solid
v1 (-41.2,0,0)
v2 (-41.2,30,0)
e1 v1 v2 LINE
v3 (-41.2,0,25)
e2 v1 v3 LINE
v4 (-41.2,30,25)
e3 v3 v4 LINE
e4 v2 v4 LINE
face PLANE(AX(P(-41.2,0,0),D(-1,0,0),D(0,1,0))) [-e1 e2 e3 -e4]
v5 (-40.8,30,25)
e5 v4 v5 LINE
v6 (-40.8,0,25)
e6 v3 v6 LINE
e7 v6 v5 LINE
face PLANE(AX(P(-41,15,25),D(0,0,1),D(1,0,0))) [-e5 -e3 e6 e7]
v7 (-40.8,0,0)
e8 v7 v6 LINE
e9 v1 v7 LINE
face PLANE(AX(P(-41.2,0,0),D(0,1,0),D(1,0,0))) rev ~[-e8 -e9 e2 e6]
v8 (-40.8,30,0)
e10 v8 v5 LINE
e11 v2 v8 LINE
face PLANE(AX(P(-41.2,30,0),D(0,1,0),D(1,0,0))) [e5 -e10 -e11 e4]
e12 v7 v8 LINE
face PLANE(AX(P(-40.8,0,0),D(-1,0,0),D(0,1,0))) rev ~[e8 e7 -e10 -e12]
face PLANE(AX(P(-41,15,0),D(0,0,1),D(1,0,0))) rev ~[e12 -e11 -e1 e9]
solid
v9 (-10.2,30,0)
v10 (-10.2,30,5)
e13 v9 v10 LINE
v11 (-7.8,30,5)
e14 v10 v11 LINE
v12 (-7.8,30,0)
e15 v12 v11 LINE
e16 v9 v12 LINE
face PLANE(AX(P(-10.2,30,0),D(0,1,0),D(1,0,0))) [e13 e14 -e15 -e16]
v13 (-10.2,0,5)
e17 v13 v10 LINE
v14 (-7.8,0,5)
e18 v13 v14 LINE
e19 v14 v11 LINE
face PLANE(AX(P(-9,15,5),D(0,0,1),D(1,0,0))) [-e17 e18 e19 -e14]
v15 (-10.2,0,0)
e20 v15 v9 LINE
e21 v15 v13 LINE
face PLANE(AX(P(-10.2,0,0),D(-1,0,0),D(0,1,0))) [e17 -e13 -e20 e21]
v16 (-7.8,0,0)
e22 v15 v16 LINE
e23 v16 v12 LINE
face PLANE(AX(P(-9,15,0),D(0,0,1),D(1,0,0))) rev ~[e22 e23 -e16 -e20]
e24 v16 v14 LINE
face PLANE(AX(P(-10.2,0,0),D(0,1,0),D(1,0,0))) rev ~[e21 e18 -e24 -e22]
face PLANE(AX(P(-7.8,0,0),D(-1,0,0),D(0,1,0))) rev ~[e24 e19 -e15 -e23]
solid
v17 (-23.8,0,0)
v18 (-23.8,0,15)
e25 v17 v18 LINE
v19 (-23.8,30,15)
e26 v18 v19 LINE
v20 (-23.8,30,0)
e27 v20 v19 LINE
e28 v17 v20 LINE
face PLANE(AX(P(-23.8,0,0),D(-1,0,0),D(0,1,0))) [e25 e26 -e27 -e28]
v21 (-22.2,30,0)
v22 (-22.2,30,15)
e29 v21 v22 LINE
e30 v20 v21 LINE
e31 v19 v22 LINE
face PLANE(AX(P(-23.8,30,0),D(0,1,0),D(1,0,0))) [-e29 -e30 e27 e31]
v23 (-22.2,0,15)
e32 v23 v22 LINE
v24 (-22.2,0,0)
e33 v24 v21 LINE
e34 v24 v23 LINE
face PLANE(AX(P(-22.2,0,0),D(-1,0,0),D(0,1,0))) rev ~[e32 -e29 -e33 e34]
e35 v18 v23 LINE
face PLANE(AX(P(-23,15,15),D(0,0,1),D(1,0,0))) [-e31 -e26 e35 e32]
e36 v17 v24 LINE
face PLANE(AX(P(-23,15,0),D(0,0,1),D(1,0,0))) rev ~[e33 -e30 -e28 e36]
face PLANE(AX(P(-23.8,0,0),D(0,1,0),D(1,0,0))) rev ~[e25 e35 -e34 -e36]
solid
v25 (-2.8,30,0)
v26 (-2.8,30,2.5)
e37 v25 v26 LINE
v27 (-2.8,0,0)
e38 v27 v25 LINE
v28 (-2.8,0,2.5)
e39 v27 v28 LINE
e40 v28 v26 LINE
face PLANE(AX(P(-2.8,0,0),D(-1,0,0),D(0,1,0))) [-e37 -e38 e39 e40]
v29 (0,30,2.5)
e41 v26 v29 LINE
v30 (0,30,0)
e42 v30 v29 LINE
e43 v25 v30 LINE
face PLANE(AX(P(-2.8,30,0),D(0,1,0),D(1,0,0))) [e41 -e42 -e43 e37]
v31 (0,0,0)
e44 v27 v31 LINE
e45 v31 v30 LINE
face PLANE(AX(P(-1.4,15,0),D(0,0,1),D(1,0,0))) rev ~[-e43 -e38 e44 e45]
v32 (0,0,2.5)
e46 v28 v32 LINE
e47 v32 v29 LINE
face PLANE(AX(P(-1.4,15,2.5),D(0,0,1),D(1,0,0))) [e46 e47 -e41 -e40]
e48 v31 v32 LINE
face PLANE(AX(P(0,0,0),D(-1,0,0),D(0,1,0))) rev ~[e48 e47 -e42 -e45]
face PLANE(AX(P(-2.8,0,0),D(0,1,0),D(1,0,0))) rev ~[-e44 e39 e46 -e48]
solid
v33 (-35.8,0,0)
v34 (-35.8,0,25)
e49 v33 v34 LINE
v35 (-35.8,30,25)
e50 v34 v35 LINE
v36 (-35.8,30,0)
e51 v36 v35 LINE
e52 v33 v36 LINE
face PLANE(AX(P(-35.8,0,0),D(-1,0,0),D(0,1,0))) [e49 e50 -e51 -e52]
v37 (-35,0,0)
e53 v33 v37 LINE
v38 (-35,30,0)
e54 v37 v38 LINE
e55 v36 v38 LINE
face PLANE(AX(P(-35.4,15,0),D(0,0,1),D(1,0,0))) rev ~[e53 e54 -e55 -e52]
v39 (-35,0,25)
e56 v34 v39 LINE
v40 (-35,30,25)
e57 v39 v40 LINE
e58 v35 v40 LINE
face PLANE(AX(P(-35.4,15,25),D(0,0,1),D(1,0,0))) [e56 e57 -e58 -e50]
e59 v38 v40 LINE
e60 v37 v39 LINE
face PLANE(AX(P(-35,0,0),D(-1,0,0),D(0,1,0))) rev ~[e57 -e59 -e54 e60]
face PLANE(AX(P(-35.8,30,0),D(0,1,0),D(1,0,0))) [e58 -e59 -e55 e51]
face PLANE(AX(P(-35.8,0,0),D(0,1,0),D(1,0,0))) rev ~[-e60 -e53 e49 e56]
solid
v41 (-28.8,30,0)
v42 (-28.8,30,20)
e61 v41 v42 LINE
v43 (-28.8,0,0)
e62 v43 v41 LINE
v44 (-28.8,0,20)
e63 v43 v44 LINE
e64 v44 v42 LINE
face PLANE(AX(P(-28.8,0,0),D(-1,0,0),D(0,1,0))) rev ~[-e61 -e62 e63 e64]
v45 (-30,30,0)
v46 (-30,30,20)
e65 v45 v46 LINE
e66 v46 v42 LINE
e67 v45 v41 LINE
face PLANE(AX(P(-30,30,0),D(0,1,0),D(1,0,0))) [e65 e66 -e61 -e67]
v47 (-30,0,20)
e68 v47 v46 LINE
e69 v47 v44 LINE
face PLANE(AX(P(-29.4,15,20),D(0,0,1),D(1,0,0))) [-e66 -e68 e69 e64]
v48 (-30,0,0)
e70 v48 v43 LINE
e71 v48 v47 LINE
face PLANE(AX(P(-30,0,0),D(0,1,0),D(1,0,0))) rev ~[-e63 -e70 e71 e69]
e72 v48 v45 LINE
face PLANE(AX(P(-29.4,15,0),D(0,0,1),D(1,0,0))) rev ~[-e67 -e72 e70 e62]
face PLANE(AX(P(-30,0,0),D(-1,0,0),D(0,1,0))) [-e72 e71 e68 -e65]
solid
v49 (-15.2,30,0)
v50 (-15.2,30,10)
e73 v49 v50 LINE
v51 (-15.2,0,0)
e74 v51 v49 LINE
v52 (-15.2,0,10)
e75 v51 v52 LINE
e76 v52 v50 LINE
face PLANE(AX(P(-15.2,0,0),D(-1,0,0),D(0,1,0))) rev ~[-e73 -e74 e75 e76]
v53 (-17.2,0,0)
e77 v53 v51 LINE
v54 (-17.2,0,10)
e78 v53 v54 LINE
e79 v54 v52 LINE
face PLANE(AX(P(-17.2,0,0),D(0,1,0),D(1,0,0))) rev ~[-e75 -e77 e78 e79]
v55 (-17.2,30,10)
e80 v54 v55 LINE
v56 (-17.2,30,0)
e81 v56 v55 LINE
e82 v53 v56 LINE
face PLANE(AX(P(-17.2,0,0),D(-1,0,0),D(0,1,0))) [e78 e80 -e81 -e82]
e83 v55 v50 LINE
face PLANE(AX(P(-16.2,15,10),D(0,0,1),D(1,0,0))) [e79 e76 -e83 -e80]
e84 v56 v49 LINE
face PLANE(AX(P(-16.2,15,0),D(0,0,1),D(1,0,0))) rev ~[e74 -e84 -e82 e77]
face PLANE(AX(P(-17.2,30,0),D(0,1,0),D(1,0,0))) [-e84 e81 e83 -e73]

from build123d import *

# Parameters (mm, degrees)
F0_W     = 0.4
F0_H     = 30
F1_DEPTH = 25
F0_W_2   = 0.8
F2_DEPTH = 25
F0_W_3   = 1.2
F3_DEPTH = 20
F0_W_4   = 1.6
F4_DEPTH = 15
F0_W_5   = 2
F5_DEPTH = 10
F0_W_6   = 2.4
F6_DEPTH = 5
F0_W_7   = 2.8
F7_DEPTH = 2.5


with BuildPart() as f1:
    # F0 (on Top) → F1 (new body)
    with BuildSketch(Plane.XY):
        with Locations((-41, 15)):
            Rectangle(F0_W, F0_H)
    extrude(amount=F1_DEPTH)


with BuildPart() as f2:
    # F0 (on Top) → F2 (new body)
    with BuildSketch(Plane.XY):
        with Locations((-35.4, 15)):
            Rectangle(F0_W_2, F0_H)
    extrude(amount=F2_DEPTH)


with BuildPart() as f3:
    # F0 (on Top) → F3 (new body)
    with BuildSketch(Plane.XY):
        with Locations((-29.4, 15)):
            Rectangle(F0_W_3, F0_H)
    extrude(amount=F3_DEPTH)


with BuildPart() as f4:
    # F0 (on Top) → F4 (new body)
    with BuildSketch(Plane.XY):
        with Locations((-23, 15)):
            Rectangle(F0_W_4, F0_H)
    extrude(amount=F4_DEPTH)


with BuildPart() as f5:
    # F0 (on Top) → F5 (new body)
    with BuildSketch(Plane.XY):
        with Locations((-16.2, 15)):
            Rectangle(F0_W_5, F0_H)
    extrude(amount=F5_DEPTH)


with BuildPart() as f6:
    # F0 (on Top) → F6 (new body)
    with BuildSketch(Plane.XY):
        with Locations((-9, 15)):
            Rectangle(F0_W_6, F0_H)
    extrude(amount=F6_DEPTH)


with BuildPart() as f7:
    # F0 (on Top) → F7 (new body)
    with BuildSketch(Plane.XY):
        with Locations((-1.4, 15)):
            Rectangle(F0_W_7, F0_H)
    extrude(amount=F7_DEPTH)


solid = Compound([f1.part, f2.part, f3.part, f4.part, f5.part, f6.part, f7.part])
